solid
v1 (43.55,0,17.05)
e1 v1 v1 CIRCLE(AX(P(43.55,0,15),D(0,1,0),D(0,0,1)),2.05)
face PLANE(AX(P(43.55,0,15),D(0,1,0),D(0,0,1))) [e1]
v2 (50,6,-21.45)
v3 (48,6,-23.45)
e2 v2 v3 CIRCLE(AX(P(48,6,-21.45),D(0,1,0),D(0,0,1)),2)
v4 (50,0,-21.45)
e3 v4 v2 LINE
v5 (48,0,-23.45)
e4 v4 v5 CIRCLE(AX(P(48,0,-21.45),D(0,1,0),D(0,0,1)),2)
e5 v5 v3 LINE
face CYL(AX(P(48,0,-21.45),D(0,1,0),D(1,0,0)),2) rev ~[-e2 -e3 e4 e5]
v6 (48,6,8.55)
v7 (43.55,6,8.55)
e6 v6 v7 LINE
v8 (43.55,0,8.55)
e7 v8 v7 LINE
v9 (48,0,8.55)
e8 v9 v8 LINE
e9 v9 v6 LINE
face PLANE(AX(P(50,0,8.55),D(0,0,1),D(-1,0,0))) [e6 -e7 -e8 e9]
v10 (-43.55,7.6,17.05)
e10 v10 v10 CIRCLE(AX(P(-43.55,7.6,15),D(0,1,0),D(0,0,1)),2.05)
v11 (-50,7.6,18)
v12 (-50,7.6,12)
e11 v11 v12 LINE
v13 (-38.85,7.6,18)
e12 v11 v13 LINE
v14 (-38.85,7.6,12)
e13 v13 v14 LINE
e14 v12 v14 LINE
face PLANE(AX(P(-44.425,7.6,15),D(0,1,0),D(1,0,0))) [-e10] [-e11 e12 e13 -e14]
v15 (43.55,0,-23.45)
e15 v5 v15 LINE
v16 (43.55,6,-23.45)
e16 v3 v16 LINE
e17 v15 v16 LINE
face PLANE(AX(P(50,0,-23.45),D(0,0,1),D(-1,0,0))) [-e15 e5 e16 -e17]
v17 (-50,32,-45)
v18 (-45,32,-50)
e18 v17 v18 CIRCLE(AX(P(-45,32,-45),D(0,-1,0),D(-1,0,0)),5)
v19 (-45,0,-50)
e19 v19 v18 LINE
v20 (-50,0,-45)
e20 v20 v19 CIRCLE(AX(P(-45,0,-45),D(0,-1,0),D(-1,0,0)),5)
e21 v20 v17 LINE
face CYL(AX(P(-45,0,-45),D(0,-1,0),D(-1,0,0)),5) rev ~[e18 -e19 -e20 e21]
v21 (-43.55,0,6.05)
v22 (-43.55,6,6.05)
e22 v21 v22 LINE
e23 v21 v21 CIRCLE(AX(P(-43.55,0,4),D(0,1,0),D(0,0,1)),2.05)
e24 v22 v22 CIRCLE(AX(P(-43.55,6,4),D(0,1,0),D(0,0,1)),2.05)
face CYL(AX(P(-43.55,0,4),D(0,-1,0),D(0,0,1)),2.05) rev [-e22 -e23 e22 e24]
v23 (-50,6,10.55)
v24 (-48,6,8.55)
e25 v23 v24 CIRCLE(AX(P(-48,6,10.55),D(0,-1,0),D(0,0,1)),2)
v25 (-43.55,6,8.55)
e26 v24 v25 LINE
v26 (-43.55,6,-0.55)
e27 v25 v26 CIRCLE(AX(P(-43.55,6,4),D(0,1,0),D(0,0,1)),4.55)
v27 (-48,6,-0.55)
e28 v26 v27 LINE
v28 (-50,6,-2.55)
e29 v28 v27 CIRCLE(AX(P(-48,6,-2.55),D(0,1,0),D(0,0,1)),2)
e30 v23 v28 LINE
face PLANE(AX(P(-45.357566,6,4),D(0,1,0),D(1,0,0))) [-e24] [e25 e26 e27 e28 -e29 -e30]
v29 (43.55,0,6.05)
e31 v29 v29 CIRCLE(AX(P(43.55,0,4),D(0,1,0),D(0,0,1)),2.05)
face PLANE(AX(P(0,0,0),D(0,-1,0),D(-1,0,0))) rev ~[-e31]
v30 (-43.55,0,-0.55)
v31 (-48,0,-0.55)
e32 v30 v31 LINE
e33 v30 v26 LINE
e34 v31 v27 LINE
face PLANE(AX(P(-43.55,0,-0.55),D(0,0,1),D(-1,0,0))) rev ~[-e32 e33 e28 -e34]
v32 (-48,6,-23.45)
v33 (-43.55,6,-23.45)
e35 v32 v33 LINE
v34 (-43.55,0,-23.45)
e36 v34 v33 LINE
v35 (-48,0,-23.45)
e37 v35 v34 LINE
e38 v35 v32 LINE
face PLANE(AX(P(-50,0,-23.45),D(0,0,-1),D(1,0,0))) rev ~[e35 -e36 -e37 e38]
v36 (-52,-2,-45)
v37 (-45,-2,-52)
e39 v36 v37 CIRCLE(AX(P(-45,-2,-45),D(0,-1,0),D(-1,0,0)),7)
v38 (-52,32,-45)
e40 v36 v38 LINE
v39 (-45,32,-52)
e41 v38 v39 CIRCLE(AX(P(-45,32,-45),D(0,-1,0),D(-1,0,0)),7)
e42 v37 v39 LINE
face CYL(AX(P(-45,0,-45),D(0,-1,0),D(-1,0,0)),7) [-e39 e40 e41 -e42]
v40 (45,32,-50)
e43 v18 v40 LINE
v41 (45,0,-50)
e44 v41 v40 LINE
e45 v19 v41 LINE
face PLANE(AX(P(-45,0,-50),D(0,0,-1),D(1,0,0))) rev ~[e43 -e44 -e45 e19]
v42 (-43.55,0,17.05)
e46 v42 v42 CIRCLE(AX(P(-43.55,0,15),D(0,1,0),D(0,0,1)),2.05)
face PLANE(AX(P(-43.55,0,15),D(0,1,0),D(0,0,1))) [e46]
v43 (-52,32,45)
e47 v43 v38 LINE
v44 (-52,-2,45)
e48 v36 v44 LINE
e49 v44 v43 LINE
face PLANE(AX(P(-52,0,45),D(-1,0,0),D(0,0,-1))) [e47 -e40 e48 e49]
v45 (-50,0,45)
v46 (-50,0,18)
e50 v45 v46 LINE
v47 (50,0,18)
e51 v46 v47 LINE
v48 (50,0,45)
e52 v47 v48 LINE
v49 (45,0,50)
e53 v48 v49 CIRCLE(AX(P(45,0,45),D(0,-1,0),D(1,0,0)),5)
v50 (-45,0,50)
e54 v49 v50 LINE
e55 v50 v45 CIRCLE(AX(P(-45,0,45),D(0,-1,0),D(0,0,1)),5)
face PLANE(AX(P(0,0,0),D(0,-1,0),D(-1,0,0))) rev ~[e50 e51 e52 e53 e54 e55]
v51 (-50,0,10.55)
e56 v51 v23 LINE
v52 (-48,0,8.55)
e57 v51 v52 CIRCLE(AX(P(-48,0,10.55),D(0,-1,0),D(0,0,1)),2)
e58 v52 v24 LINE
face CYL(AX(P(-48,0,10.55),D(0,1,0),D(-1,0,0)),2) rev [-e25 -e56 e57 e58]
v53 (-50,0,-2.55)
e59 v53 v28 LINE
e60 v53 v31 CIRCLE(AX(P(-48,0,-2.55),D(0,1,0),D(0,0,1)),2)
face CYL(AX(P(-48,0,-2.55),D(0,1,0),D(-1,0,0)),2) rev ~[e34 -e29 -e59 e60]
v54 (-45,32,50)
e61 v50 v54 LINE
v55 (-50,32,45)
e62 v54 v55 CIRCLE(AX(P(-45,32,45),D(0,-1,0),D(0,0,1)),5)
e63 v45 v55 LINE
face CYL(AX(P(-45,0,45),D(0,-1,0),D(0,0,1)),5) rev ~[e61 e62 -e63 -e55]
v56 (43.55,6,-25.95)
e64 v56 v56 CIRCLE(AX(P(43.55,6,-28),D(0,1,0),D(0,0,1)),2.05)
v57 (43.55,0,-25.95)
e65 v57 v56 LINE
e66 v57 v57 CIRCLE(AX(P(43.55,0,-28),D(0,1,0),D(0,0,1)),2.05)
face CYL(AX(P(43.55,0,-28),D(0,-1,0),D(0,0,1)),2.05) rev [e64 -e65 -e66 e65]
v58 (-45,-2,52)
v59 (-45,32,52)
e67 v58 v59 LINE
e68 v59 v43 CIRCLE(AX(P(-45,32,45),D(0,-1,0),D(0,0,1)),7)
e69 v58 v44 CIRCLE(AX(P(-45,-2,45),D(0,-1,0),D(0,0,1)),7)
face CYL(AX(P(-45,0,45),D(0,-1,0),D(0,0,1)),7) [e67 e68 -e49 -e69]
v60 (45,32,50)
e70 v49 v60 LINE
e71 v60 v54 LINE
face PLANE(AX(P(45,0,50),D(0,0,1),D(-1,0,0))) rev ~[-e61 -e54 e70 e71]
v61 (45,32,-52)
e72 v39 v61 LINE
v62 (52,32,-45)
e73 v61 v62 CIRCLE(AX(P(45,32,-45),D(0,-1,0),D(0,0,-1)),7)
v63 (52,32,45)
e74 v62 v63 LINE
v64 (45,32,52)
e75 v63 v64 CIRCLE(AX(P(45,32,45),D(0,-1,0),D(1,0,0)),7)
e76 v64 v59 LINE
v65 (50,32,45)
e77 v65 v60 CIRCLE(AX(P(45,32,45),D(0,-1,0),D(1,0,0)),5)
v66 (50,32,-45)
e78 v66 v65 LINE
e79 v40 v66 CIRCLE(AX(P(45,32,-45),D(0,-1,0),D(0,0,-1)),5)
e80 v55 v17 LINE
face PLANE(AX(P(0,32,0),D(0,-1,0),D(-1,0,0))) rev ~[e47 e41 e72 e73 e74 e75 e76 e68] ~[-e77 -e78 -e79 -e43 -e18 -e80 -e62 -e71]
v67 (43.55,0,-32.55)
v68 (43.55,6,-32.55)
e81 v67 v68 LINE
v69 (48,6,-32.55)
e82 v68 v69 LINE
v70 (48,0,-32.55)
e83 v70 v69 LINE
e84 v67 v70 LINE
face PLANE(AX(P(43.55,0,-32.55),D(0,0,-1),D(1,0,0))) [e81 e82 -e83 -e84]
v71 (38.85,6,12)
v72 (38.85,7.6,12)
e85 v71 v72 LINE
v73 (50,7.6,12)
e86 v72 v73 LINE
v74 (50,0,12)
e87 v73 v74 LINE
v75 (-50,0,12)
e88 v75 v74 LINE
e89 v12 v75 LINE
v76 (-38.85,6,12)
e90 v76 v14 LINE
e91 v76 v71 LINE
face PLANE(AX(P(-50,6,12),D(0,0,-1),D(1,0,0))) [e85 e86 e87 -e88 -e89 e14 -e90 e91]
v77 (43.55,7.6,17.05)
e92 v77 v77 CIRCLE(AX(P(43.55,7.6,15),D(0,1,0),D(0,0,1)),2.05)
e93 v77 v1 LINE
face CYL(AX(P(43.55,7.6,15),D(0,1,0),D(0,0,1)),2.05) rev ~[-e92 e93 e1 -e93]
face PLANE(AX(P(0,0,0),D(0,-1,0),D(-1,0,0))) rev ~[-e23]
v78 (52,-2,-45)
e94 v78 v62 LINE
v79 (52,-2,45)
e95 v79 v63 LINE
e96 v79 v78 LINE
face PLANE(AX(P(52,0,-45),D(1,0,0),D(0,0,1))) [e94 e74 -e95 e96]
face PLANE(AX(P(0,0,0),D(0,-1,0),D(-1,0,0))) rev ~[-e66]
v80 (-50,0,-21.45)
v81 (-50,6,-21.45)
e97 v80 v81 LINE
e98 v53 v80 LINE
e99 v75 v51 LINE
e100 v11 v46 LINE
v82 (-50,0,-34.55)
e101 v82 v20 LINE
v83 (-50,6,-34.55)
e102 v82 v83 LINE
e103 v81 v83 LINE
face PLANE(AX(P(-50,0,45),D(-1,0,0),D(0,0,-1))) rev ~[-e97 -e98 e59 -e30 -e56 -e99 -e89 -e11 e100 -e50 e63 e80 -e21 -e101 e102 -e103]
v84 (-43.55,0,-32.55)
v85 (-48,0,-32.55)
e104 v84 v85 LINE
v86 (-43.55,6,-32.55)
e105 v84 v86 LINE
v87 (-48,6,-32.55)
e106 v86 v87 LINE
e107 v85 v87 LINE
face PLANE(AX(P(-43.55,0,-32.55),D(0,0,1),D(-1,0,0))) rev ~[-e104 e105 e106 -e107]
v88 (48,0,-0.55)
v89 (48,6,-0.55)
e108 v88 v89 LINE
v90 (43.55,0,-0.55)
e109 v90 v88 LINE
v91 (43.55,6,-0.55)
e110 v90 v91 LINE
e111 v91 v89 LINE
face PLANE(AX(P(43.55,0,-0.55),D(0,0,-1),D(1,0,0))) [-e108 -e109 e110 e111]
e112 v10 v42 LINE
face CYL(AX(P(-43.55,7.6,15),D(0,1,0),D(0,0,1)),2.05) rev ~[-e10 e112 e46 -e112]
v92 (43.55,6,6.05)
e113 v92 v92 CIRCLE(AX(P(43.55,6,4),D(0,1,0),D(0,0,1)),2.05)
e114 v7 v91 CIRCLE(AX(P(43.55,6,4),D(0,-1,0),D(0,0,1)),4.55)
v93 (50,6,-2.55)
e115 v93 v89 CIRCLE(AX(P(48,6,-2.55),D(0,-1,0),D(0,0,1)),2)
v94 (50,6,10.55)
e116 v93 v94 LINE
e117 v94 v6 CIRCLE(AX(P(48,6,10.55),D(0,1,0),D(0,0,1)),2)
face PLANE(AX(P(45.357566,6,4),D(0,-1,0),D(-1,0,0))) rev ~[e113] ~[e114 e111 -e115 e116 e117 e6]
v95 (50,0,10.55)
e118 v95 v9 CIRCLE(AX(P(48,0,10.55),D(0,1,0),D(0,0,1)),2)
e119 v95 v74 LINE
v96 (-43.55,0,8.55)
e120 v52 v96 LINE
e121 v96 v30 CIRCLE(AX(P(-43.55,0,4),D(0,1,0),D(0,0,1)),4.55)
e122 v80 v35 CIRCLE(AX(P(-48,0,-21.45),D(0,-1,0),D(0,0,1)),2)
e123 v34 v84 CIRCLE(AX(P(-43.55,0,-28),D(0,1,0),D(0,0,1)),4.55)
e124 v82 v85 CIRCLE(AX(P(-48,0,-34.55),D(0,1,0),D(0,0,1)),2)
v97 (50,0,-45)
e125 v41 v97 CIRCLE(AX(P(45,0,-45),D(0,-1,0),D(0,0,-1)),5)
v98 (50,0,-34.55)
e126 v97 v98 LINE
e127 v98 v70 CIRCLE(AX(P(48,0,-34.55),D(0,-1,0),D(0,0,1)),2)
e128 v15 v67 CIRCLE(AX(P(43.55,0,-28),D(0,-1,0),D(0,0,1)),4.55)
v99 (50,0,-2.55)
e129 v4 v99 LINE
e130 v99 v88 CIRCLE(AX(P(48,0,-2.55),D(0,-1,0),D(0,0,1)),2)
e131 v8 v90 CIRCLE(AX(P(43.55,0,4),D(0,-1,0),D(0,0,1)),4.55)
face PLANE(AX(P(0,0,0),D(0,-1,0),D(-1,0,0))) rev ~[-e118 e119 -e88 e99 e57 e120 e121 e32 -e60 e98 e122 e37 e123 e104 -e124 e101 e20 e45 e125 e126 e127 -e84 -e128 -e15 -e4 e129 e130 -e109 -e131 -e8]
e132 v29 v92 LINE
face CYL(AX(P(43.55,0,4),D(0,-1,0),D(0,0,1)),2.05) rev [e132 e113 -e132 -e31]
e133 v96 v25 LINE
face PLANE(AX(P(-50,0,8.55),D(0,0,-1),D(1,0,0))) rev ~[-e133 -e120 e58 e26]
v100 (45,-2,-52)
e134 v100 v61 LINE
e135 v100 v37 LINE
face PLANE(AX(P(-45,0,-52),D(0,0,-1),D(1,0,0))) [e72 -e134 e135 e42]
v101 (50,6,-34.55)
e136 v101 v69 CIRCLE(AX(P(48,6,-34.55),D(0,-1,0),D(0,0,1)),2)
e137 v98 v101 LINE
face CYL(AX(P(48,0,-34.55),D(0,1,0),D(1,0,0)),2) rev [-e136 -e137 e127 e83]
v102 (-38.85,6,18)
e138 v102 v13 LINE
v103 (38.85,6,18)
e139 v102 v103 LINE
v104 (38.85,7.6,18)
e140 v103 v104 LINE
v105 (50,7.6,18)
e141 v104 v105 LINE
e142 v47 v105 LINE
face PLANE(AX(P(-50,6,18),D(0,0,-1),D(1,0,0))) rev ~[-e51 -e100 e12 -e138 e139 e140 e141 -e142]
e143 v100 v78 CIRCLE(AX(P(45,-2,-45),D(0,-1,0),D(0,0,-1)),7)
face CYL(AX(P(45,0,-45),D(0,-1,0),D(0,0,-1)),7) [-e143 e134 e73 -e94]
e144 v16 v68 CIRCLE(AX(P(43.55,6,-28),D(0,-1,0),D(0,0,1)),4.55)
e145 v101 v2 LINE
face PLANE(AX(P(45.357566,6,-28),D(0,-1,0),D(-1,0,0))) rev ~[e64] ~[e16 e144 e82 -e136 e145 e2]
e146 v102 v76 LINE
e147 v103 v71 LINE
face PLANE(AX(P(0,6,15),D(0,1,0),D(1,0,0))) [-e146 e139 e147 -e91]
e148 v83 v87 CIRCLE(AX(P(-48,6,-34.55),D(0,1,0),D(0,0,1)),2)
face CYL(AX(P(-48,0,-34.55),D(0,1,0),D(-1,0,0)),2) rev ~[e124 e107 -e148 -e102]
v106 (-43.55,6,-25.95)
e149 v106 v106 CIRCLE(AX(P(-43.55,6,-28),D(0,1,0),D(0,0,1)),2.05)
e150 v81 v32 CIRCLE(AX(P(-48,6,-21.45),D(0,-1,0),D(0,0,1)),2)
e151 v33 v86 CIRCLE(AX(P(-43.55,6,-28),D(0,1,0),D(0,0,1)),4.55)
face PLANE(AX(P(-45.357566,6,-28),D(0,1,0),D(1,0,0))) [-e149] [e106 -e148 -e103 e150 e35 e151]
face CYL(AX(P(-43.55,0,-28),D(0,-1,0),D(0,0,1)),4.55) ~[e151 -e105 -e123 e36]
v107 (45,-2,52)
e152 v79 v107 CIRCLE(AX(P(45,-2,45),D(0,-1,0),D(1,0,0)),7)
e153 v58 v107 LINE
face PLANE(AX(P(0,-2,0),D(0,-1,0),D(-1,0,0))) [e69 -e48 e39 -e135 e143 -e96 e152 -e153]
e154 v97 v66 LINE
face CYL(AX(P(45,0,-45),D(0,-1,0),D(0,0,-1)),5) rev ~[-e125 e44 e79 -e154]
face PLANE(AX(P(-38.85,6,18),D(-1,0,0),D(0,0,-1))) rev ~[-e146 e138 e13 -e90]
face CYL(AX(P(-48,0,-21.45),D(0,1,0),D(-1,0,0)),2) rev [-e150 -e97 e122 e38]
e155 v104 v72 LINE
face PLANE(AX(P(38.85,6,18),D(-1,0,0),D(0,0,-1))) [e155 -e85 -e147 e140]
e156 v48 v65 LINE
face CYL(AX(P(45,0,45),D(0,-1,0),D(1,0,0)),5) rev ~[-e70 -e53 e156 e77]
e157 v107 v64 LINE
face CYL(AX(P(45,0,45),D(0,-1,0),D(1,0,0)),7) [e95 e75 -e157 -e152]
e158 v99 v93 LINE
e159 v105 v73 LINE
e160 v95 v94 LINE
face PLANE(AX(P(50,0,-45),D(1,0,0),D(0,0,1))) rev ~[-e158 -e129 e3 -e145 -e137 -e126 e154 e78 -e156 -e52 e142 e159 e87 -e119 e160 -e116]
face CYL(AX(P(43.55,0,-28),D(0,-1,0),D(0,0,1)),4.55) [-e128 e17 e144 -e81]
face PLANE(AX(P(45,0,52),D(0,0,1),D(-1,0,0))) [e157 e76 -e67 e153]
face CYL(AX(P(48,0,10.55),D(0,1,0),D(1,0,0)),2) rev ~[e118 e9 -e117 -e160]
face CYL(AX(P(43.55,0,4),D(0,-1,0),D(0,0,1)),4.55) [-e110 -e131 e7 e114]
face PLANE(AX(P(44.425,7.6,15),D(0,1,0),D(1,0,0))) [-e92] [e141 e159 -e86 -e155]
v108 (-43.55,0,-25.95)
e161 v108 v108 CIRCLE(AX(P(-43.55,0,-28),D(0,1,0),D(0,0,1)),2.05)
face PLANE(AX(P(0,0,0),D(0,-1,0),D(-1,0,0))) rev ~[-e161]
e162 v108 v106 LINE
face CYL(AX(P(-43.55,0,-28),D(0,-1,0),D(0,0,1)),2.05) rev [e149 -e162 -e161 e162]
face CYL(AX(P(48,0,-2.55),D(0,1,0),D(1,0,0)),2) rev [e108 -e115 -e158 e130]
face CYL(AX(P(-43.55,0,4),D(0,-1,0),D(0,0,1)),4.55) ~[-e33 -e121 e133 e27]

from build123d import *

# Parameters (mm, degrees)
BOSS_EXTRUDE1_DEPTH = 32
SHELL1_T            = 2
SKETCH2_R           = 2.05
SKETCH2_W           = 100
SKETCH2_H           = 6
BOSS_EXTRUDE2_DEPTH = 6
FILLET1_R           = 2
SKETCH3_W           = 11.15
SKETCH3_H           = 6
BOSS_EXTRUDE3_DEPTH = 1.6
SKETCH4_R           = 2.05
CUT_EXTRUDE1_DEPTH  = 7.6


with BuildPart() as part:
    # Sketch1 → Boss-Extrude1 (new body)
    with BuildSketch(Plane(origin=(0, 0, 0), x_dir=(1, 0, 0), z_dir=(0, 1, 0))):
        with BuildLine():
            Line((-45, 50), (45, 50))
            ThreePointArc((45, 50), (48.535533906, 48.535533906), (50, 45))
            Line((50, 45), (50, -45))
            ThreePointArc((50, -45), (48.535533906, -48.535533906), (45, -50))
            Line((45, -50), (-45, -50))
            ThreePointArc((-45, -50), (-48.535533906, -48.535533906), (-50, -45))
            Line((-50, -45), (-50, 45))
            ThreePointArc((-50, 45), (-48.535533906, 48.535533906), (-45, 50))
        make_face()
    extrude(amount=BOSS_EXTRUDE1_DEPTH)

    # Shell1
    shell1_openings = [part.faces().sort_by_distance(p)[0] for p in [
        (0, 32, 0),
    ]]
    offset(amount=SHELL1_T, openings=shell1_openings, kind=Kind.INTERSECTION)

    # Sketch2 → Boss-Extrude2 (add)
    # profile 1 of 5: a face of its own
    with BuildSketch(Plane(origin=(0, 0, 0), x_dir=(1, 0, 0), z_dir=(0, 1, 0))):
        with BuildLine():
            Line((-43.55, 32.55), (-50, 32.55))
            Line((-50, 32.55), (-50, 23.45))
            Line((-50, 23.45), (-43.55, 23.45))
            ThreePointArc((-43.55, 23.45), (-39, 28), (-43.55, 32.55))
        make_face()
        with Locations(Location((-43.55, 28, 0), (0, 0, 270))):
            Circle(SKETCH2_R, mode=Mode.SUBTRACT)
    # profile 2 of 5: a face of its own
    with BuildSketch(Plane(origin=(0, 0, 0), x_dir=(1, 0, 0), z_dir=(0, 1, 0))):
        with BuildLine():
            Line((-43.55, 0.55), (-50, 0.55))
            Line((-50, 0.55), (-50, -8.55))
            Line((-50, -8.55), (-43.55, -8.55))
            ThreePointArc((-43.55, -8.55), (-39, -4), (-43.55, 0.55))
        make_face()
        with Locations(Location((-43.55, -4, 0), (0, 0, 270))):
            Circle(SKETCH2_R, mode=Mode.SUBTRACT)
    # profile 3 of 5: a face of its own
    with BuildSketch(Plane(origin=(0, 0, 0), x_dir=(1, 0, 0), z_dir=(0, 1, 0))):
        with BuildLine():
            Line((43.55, 0.55), (50, 0.55))
            Line((50, 0.55), (50, -8.55))
            Line((50, -8.55), (43.55, -8.55))
            ThreePointArc((43.55, -8.55), (39, -4), (43.55, 0.55))
        make_face()
        with Locations(Location((43.55, -4, 0), (0, 0, 270))):
            Circle(SKETCH2_R, mode=Mode.SUBTRACT)
    # profile 4 of 5: a face of its own
    with BuildSketch(Plane(origin=(0, 0, 0), x_dir=(1, 0, 0), z_dir=(0, 1, 0))):
        with BuildLine():
            Line((43.55, 32.55), (50, 32.55))
            Line((50, 32.55), (50, 23.45))
            Line((50, 23.45), (43.55, 23.45))
            ThreePointArc((43.55, 23.45), (39, 28), (43.55, 32.55))
        make_face()
        with Locations(Location((43.55, 28, 0), (0, 0, 270))):
            Circle(SKETCH2_R, mode=Mode.SUBTRACT)
    # profile 5 of 5: a face of its own
    with BuildSketch(Plane(origin=(0, 0, 0), x_dir=(1, 0, 0), z_dir=(0, 1, 0))):
        with Locations((0, -15)):
            Rectangle(SKETCH2_W, SKETCH2_H)
    extrude(amount=BOSS_EXTRUDE2_DEPTH)

    # Fillet1
    fillet1_edges = [part.edges().sort_by_distance(p)[0] for p in [
        (50, 3, 8.55),
        (50, 3, -0.55),
        (50, 3, -23.45),
        (50, 3, -32.55),
        (-50, 3, -23.45),
        (-50, 3, -32.55),
        (-50, 3, -0.55),
        (-50, 3, 8.55),
    ]]
    fillet(fillet1_edges, radius=FILLET1_R)

    # Sketch3 → Boss-Extrude3 (add)
    with BuildSketch(Plane(origin=(0, 6, 0), x_dir=(1, 0, 0), z_dir=(0, 1, 0))):
        with Locations((-44.425, -15)):
            Rectangle(SKETCH3_W, SKETCH3_H)
        with Locations((44.425, -15)):
            Rectangle(SKETCH3_W, SKETCH3_H)
    extrude(amount=BOSS_EXTRUDE3_DEPTH)

    # Sketch4 → Cut-Extrude1 (cut)
    with BuildSketch(Plane(origin=(0, 7.6, 0), x_dir=(1, 0, 0), z_dir=(0, 1, 0))):
        with Locations(Location((-43.55, -15, 0), (0, 0, 270))):
            Circle(SKETCH4_R)
        with Locations(Location((43.55, -15, 0), (0, 0, 270))):
            Circle(SKETCH4_R)
    extrude(amount=-CUT_EXTRUDE1_DEPTH, mode=Mode.SUBTRACT)


solid = part.part
